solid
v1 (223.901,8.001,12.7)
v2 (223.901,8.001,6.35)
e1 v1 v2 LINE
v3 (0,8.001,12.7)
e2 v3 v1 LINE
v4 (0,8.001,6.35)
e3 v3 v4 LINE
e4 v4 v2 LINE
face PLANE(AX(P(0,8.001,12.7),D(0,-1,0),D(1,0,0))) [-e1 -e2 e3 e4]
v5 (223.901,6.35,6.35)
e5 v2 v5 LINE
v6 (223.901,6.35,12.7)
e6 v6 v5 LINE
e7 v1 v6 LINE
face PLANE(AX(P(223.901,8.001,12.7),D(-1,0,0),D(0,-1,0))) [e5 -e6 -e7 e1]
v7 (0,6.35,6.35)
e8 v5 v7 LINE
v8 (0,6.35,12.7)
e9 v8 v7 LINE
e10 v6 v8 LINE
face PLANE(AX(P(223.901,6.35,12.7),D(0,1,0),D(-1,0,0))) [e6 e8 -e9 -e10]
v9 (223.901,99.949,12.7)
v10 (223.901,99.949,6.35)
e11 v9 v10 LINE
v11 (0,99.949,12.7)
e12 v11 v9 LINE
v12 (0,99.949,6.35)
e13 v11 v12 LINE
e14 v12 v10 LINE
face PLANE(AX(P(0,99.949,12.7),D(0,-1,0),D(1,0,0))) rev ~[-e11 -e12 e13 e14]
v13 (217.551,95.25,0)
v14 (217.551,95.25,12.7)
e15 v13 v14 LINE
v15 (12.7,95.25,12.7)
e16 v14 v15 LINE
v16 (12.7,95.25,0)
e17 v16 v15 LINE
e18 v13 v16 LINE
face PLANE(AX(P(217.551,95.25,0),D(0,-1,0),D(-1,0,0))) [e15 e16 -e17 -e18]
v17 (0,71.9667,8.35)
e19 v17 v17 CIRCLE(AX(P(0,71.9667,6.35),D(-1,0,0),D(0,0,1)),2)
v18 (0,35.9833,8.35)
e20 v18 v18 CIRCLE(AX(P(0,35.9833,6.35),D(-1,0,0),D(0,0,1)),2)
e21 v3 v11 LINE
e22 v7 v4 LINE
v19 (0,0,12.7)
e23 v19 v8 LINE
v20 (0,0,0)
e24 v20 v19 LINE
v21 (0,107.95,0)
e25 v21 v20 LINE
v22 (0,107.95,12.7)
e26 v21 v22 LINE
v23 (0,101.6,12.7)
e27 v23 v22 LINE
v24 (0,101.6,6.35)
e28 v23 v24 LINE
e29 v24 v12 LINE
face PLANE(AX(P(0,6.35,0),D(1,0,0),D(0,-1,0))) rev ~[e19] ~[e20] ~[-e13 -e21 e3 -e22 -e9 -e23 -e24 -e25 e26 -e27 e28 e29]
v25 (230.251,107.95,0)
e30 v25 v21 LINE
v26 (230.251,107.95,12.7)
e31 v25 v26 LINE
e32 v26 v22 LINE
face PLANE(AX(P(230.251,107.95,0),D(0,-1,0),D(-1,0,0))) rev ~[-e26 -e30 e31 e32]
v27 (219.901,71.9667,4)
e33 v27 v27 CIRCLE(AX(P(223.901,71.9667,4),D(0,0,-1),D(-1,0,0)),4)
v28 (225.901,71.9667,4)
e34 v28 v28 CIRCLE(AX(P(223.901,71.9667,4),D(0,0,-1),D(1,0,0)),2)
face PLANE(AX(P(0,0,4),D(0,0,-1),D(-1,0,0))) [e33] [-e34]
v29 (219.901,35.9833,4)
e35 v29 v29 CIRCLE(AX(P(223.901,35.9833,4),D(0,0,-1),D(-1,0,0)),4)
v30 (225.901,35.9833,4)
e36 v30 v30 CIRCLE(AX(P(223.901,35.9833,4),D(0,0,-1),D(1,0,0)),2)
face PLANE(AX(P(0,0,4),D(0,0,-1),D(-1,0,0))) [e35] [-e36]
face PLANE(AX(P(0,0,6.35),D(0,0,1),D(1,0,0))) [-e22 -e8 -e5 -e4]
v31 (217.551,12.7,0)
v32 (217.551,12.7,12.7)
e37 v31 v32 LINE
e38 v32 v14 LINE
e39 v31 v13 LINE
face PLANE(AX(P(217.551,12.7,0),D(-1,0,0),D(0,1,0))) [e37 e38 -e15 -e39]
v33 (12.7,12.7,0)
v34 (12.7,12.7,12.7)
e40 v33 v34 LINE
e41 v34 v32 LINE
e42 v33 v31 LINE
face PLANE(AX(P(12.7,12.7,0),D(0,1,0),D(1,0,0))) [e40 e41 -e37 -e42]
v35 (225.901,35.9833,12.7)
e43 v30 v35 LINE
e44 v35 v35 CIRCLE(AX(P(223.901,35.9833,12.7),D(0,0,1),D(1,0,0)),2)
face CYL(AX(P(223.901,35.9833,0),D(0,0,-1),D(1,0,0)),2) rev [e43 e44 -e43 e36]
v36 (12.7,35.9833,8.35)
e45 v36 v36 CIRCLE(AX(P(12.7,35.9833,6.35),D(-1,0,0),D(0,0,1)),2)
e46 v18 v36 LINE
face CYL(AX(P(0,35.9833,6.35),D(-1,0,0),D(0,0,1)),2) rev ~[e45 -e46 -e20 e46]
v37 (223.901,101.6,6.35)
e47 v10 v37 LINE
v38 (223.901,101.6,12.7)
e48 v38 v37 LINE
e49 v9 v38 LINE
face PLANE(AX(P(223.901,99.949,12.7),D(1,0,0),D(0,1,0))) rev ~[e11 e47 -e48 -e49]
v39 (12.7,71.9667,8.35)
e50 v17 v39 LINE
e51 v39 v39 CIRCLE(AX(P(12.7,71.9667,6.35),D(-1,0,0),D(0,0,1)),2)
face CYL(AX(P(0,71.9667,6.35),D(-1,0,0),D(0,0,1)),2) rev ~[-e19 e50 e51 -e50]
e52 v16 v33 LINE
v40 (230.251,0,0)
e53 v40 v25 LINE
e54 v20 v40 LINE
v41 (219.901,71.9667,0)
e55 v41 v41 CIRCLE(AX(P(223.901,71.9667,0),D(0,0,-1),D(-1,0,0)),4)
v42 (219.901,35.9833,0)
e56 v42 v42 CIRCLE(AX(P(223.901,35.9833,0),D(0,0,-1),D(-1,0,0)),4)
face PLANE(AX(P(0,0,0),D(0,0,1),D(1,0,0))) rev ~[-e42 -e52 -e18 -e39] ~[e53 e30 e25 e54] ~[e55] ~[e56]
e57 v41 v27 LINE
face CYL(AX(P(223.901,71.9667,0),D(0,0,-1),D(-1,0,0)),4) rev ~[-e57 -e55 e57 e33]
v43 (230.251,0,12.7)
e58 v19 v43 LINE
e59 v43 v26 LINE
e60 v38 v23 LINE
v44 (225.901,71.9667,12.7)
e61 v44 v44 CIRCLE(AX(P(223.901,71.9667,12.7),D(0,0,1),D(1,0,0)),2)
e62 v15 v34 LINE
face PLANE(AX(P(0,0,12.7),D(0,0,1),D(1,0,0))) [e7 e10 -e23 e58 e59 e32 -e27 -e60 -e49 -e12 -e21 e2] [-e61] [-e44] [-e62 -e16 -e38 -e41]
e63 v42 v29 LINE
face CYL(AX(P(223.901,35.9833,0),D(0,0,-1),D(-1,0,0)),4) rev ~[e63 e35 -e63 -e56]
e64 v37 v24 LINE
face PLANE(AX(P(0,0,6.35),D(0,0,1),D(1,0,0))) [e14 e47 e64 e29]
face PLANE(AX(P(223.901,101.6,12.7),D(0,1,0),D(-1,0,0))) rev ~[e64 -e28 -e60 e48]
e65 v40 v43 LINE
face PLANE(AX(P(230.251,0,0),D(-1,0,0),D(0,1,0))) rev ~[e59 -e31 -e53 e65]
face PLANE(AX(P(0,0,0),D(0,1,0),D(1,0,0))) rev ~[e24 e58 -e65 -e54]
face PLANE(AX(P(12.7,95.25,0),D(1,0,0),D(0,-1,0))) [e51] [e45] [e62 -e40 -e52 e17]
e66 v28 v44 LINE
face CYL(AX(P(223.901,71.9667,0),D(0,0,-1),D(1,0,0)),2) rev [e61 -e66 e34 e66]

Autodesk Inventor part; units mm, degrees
ref_plane "YZ Plane" through (0, 0, 0) normal (1, 0, 0) x (0, 1, 0)
ref_plane "XZ Plane" through (0, 0, 0) normal (0, 1, 0) x (-1, 0, 0)
ref_plane "XY Plane" through (0, 0, 0) normal (0, 0, 1) x (1, 0, 0)
sketch "Sketch1" plane through (0, 0, 0) normal (0, 0, 1) x (1, 0, 0)
  line L0 (0, 0) -> (230.251, 0)
  line L1 (230.251, 0) -> (230.251, 107.95)
  line L2 (230.251, 107.95) -> (0, 107.95)
  line L3 (0, 107.95) -> (0, 0)
  line L4 (230.251, 107.95) -> (223.901, 107.95) construction
  line L5 (223.901, 107.95) -> (223.901, 101.6) construction
  line L6 (223.901, 101.6) -> (230.251, 101.6) construction
  line L7 (230.251, 101.6) -> (230.251, 107.95) construction
  line L8 (223.901, 101.6) -> (0, 101.6)
  line L9 (0, 101.6) -> (0, 100.076)
  line L10 (0, 100.076) -> (223.901, 100.076)
  line L11 (223.901, 100.076) -> (223.901, 101.6)
  line L12 (230.251, 0) -> (223.901, 0) construction
  line L13 (223.901, 0) -> (223.901, 35.9833) construction
  line L14 (223.901, 35.9833) -> (230.251, 35.9833) construction
  line L15 (230.251, 35.9833) -> (230.251, 0) construction
  circle A0 centre (223.901, 35.9833) radius 2
  circle A1 centre (223.901, 71.9667) radius 2
  line L16 (230.251, 53.975) -> (0, 53.975) construction
  line L17 (223.901, 6.35) -> (0, 6.35)
  line L18 (0, 7.874) -> (223.901, 7.874)
  line L19 (223.901, 7.874) -> (223.901, 6.35)
  dimension "length" = 230.251
  dimension "height" = 107.95
  dimension "d3" = 6.35
  dimension "d4" = 6.35
  dimension "d5" = 223.901
  dimension "d6" = 1.524
  dimension "spacing" = 35.9833
  dimension "d9" = 6.35
  dimension "TopScrewDiameter" = 4
  dimension "d13" = 35.9833
extrude "Generic Shape" add sketch "Sketch1" along normal blind 12.7
sketch "ScrewCapDiameter" plane through (0, 0, 0) normal (0, 0, -1) x (-1, 0, 0)
  circle A0 centre (-223.901, 71.9667) radius 2 projected
  circle A1 centre (-223.901, 71.9667) radius 4
  circle A2 centre (-223.901, 35.9833) radius 2 projected
  circle A3 centre (-223.901, 35.9833) radius 4
  point P0 (0, 0)
  dimension "d106" = 8
  dimension "d107" = 8
extrude "ScrewCapCountersink" cut sketch "ScrewCapDiameter" against normal blind 4
sketch "PcbNotchDimensions" plane through (0, 0, 12.7) normal (0, 0, 1) x (1, 0, 0)
  line L0 (230.251, 107.95) -> (0, 107.95) construction
  line L1 (230.251, 107.95) -> (223.901, 107.95) construction
  line L2 (223.901, 107.95) -> (223.901, 101.6) construction
  line L3 (223.901, 101.6) -> (230.251, 101.6) construction
  line L4 (230.251, 101.6) -> (230.251, 107.95) construction
  line L5 (223.901, 101.6) -> (0, 101.6)
  line L6 (0, 101.6) -> (0, 99.949)
  line L7 (0, 99.949) -> (223.901, 99.949)
  line L8 (223.901, 99.949) -> (223.901, 101.6)
  line L9 (230.251, 0) -> (230.251, 107.95) construction
  line L10 (230.251, 53.975) -> (0, 53.975) construction
  line L11 (0, 107.95) -> (0, 0) construction
  line L12 (223.901, 6.35) -> (0, 6.35)
  line L13 (0, 6.35) -> (0, 8.001)
  line L14 (0, 8.001) -> (223.901, 8.001)
  line L15 (223.901, 8.001) -> (223.901, 6.35)
  point P0 (230.251, 106.45)
  point P1 (0, 106.45)
  dimension "d21" = 6.35
  dimension "d22" = 6.35
  dimension "d23" = 223.901
  dimension "PcbThickness" = 1.651
extrude "PCB Notch" cut sketch "PcbNotchDimensions" against normal blind 6.35
sketch "UntappedScrewHoleDimensions" plane through (0, 0, 0) normal (-1, 0, 0) x (0, 0, 1)
  line L0 (0, 0) -> (6.35, 0) construction
  line L1 (6.35, 0) -> (6.35, 35.9833) construction
  line L2 (6.35, 35.9833) -> (0, 35.9833) construction
  line L3 (0, 35.9833) -> (0, 0) construction
  circle A0 centre (6.35, 35.9833) radius 2
  line L4 (0, 107.95) -> (6.35, 107.95) construction
  line L5 (6.35, 107.95) -> (6.35, 71.9667) construction
  line L6 (6.35, 71.9667) -> (0, 71.9667) construction
  line L7 (0, 71.9667) -> (0, 107.95) construction
  circle A1 centre (6.35, 71.9667) radius 2
  dimension "d33" = 6.35
  dimension "d34" = 35.9833
  dimension "ScrewDiameterUntapped" = 4
  dimension "d36" = 6.35
  dimension "d37" = 35.9833
  dimension "d38" = 4
extrude "UntappedScrewDepth" cut sketch "UntappedScrewHoleDimensions" against normal blind 12.7
thread "Thread10" size "M4x0.7" class "6H" standard "ANSI Metric M Profile" length 230.251
thread "Thread11" size "M4x0.7" class "6H" standard "ANSI Metric M Profile" length 230.251
sketch "Sketch18" plane through (0, 0, 0) normal (0, 0, -1) x (-1, 0, 0)
  line L0 (0, 0) -> (-12.7, 0) construction
  line L1 (-12.7, 0) -> (-12.7, 12.7) construction
  line L2 (-12.7, 12.7) -> (0, 12.7) construction
  line L3 (0, 12.7) -> (0, 0) construction
  line L4 (-12.7, 12.7) -> (-217.551, 12.7)
  line L5 (-217.551, 12.7) -> (-217.551, 95.25)
  line L6 (-217.551, 95.25) -> (-12.7, 95.25)
  line L7 (-12.7, 95.25) -> (-12.7, 12.7)
  dimension "bezel" = 12.7
  dimension "d156" = 12.7
  dimension "d157" = 204.851
  dimension "d158" = 82.55
extrude "Extrusion16" cut sketch "Sketch18" against normal blind 12.7
equation "\"d3\" = 0.5 * thickness"
equation "\"d4\" = 0.5 * thickness"
equation "\"d5\" = length - 0.5 * thickness"
equation "\"spacing\" = 0.333333 * height"
equation "\"d9\" = 0.5 * thickness"
equation "\"d13\" = spacing"
equation "\"d25\" = 0.5 * thickness"
equation "\"d33\" = 0.5 * thickness"
equation "\"d34\" = 0.333333 * height"
equation "\"d36\" = 0.5 * thickness"
equation "\"d37\" = 0.333333 * height"
equation "\"d38\" = ScrewDiameterUntapped"
equation "\"LcdThickness\" = 9.9"
equation "\"thickness\" = 12.7"
properties part number "2020-04-11 CubeBaseSkeleton" material "PET Plastic"
